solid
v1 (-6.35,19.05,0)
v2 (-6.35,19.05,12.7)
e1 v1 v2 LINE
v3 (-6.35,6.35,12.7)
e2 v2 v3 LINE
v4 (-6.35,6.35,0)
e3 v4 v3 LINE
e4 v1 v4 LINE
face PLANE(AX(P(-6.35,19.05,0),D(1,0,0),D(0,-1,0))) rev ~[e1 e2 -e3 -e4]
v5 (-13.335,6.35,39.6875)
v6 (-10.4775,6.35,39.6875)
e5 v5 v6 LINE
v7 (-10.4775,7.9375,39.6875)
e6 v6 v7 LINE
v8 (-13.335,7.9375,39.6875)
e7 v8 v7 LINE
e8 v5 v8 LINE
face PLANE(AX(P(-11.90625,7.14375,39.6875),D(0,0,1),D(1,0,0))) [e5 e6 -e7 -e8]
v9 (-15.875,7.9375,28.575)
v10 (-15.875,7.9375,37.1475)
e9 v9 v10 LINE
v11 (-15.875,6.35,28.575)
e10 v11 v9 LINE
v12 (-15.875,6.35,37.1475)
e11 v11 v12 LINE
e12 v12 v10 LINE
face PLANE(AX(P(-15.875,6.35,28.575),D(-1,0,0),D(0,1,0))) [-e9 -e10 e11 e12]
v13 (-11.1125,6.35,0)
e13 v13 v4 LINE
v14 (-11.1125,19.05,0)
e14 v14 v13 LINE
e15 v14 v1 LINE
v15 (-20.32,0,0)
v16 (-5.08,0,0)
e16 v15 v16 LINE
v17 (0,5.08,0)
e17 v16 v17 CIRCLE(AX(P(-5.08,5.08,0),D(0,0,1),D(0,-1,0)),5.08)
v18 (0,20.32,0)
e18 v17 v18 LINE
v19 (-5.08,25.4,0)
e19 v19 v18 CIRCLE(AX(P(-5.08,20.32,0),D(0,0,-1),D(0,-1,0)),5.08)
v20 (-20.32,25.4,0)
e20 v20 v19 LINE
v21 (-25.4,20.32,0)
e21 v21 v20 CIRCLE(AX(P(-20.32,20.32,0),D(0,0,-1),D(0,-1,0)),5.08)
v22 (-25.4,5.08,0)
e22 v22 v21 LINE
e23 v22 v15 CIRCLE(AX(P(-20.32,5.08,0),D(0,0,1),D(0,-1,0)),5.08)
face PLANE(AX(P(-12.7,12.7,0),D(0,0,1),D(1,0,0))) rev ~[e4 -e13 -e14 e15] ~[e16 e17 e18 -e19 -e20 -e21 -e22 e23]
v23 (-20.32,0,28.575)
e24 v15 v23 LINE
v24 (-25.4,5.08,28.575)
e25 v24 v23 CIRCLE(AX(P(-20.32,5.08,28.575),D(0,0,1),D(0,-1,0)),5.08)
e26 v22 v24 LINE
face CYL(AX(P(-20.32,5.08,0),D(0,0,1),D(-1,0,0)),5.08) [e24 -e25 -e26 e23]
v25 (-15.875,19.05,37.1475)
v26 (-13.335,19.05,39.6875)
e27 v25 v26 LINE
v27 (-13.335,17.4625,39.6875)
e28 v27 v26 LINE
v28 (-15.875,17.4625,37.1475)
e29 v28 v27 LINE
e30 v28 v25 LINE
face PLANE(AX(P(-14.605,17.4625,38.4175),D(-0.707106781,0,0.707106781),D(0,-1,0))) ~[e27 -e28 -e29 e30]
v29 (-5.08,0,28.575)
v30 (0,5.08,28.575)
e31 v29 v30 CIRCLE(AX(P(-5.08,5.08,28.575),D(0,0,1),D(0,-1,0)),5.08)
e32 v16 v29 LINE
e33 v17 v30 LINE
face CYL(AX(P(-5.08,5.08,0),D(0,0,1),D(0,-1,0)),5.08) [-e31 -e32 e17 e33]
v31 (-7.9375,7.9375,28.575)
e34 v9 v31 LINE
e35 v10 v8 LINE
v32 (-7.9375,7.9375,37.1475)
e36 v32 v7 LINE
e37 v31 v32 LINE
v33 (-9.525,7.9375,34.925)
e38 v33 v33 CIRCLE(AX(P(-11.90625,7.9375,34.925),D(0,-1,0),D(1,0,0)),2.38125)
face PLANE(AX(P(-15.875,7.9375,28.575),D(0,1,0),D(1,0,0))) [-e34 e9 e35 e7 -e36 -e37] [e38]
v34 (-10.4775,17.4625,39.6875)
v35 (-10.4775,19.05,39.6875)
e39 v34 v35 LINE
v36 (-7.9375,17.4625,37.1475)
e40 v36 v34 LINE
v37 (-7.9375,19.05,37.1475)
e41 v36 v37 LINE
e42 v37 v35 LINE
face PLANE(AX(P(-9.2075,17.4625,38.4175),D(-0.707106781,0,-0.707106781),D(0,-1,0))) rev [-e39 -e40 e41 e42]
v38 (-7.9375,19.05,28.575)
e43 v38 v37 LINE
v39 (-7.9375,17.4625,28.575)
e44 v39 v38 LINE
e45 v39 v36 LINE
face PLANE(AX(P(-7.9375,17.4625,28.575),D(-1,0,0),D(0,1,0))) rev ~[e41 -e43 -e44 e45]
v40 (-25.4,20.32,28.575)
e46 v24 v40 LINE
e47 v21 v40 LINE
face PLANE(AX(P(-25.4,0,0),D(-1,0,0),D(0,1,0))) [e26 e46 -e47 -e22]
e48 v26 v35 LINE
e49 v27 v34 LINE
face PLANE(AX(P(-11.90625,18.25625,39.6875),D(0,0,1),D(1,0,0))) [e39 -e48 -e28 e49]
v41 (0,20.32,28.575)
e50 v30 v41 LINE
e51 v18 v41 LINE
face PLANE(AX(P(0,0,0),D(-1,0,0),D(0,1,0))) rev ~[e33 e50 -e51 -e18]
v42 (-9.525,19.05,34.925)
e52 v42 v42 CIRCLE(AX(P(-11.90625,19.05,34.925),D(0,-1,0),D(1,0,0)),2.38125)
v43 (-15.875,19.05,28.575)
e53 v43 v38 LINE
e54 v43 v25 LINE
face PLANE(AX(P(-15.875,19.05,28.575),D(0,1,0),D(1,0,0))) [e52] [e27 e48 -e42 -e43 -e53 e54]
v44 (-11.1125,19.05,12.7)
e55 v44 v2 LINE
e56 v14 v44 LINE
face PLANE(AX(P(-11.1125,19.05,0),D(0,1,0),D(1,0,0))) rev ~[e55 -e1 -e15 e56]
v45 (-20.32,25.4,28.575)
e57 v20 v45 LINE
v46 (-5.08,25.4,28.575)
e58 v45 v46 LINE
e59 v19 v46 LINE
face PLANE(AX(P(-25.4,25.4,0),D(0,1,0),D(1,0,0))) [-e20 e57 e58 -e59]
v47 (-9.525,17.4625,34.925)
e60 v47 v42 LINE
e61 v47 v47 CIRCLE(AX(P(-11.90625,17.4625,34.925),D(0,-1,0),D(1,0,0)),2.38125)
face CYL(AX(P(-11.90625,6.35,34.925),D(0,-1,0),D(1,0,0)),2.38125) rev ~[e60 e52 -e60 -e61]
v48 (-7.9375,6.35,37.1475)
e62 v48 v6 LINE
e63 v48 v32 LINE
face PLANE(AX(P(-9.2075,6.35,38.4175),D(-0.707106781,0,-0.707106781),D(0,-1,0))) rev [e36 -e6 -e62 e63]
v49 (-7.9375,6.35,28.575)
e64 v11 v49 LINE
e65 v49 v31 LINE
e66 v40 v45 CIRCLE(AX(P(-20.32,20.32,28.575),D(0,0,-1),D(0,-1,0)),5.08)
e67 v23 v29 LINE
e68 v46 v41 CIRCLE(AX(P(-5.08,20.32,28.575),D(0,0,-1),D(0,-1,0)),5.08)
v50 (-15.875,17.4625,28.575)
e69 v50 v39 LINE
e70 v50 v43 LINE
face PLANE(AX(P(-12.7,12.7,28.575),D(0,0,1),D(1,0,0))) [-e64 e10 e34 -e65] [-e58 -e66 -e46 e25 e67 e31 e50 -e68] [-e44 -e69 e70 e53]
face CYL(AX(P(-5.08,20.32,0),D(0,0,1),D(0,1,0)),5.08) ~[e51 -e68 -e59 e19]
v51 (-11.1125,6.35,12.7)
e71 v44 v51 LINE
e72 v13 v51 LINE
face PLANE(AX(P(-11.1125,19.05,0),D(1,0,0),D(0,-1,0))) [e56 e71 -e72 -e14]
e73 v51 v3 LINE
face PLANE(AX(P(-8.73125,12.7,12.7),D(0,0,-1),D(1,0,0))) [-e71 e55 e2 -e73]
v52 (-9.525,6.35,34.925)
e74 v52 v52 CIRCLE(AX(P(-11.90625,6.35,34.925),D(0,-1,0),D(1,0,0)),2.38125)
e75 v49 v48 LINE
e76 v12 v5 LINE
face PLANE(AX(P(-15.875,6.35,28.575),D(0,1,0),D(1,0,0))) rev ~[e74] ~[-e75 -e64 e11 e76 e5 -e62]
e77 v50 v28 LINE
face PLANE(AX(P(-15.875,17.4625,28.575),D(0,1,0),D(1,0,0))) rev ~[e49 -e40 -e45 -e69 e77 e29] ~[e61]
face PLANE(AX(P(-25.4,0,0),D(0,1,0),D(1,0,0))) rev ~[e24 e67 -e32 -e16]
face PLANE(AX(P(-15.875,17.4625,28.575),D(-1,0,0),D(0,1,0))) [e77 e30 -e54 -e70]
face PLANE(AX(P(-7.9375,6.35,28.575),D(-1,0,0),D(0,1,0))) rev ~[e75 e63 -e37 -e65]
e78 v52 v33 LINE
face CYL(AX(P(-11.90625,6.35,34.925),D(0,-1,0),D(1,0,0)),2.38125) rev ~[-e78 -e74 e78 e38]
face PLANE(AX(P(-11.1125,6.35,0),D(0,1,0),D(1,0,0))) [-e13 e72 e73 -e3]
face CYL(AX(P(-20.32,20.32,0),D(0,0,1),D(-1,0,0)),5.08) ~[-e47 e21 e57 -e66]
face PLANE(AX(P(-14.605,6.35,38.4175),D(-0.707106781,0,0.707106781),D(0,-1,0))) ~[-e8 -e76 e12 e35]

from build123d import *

# Parameters (mm, degrees)
F0_W     = 25.4
F0_H     = 25.4
F1_DEPTH = 28.575
F2_W     = 7.9375
F2_H     = 1.5875
F3_DEPTH = 11.1125
F4_R     = 2.38125
F5_DEPTH = 12.954
F6_R     = 5.08
F7_SIZE  = 2.54
F8_W     = 4.7625
F8_H     = 12.7
F9_DEPTH = 12.7


with BuildPart() as f1:
    # F0 (on Top) → F1 (new body)
    with BuildSketch(Plane.XY):
        with Locations((-12.7, 12.7)):
            Rectangle(F0_W, F0_H)
    extrude(amount=F1_DEPTH)

    # F2 (on face) → F3 (join)
    with BuildSketch(Plane.XY.offset(28.575)):
        with Locations((-11.90625, 7.14375)):
            Rectangle(F2_W, F2_H)
        with Locations((-11.90625, 18.25625)):
            Rectangle(F2_W, F2_H)
    extrude(amount=F3_DEPTH)

    # F4 (on face) → F5 (cut)
    with BuildSketch(Plane.XZ.offset(-6.35)):
        with Locations((-11.90625, 34.925)):
            Circle(F4_R)
    extrude(amount=-F5_DEPTH, mode=Mode.SUBTRACT)

    # F6
    f6_edges = [f1.edges().sort_by_distance(p)[0] for p in [
        (0, 25.4, 14.2875),
        (0, 0, 14.2875),
        (-25.4, 0, 14.2875),
        (-25.4, 25.4, 14.2875),
    ]]
    fillet(f6_edges, radius=F6_R)

    # F7
    f7_edges = [f1.edges().sort_by_distance(p)[0] for p in [
        (-15.875, 18.25625, 39.6875),
        (-7.9375, 18.25625, 39.6875),
        (-7.9375, 7.14375, 39.6875),
        (-15.875, 7.14375, 39.6875),
    ]]
    chamfer(f7_edges, length=F7_SIZE)

    # F8 (on face) → F9 (cut)
    with BuildSketch(Plane(origin=(0, 0, 0), x_dir=(1, 0, 0), z_dir=(0, 0, -1))):
        with Locations((-8.73125, -12.7)):
            Rectangle(F8_W, F8_H)
    extrude(amount=-F9_DEPTH, mode=Mode.SUBTRACT)


solid = f1.part
